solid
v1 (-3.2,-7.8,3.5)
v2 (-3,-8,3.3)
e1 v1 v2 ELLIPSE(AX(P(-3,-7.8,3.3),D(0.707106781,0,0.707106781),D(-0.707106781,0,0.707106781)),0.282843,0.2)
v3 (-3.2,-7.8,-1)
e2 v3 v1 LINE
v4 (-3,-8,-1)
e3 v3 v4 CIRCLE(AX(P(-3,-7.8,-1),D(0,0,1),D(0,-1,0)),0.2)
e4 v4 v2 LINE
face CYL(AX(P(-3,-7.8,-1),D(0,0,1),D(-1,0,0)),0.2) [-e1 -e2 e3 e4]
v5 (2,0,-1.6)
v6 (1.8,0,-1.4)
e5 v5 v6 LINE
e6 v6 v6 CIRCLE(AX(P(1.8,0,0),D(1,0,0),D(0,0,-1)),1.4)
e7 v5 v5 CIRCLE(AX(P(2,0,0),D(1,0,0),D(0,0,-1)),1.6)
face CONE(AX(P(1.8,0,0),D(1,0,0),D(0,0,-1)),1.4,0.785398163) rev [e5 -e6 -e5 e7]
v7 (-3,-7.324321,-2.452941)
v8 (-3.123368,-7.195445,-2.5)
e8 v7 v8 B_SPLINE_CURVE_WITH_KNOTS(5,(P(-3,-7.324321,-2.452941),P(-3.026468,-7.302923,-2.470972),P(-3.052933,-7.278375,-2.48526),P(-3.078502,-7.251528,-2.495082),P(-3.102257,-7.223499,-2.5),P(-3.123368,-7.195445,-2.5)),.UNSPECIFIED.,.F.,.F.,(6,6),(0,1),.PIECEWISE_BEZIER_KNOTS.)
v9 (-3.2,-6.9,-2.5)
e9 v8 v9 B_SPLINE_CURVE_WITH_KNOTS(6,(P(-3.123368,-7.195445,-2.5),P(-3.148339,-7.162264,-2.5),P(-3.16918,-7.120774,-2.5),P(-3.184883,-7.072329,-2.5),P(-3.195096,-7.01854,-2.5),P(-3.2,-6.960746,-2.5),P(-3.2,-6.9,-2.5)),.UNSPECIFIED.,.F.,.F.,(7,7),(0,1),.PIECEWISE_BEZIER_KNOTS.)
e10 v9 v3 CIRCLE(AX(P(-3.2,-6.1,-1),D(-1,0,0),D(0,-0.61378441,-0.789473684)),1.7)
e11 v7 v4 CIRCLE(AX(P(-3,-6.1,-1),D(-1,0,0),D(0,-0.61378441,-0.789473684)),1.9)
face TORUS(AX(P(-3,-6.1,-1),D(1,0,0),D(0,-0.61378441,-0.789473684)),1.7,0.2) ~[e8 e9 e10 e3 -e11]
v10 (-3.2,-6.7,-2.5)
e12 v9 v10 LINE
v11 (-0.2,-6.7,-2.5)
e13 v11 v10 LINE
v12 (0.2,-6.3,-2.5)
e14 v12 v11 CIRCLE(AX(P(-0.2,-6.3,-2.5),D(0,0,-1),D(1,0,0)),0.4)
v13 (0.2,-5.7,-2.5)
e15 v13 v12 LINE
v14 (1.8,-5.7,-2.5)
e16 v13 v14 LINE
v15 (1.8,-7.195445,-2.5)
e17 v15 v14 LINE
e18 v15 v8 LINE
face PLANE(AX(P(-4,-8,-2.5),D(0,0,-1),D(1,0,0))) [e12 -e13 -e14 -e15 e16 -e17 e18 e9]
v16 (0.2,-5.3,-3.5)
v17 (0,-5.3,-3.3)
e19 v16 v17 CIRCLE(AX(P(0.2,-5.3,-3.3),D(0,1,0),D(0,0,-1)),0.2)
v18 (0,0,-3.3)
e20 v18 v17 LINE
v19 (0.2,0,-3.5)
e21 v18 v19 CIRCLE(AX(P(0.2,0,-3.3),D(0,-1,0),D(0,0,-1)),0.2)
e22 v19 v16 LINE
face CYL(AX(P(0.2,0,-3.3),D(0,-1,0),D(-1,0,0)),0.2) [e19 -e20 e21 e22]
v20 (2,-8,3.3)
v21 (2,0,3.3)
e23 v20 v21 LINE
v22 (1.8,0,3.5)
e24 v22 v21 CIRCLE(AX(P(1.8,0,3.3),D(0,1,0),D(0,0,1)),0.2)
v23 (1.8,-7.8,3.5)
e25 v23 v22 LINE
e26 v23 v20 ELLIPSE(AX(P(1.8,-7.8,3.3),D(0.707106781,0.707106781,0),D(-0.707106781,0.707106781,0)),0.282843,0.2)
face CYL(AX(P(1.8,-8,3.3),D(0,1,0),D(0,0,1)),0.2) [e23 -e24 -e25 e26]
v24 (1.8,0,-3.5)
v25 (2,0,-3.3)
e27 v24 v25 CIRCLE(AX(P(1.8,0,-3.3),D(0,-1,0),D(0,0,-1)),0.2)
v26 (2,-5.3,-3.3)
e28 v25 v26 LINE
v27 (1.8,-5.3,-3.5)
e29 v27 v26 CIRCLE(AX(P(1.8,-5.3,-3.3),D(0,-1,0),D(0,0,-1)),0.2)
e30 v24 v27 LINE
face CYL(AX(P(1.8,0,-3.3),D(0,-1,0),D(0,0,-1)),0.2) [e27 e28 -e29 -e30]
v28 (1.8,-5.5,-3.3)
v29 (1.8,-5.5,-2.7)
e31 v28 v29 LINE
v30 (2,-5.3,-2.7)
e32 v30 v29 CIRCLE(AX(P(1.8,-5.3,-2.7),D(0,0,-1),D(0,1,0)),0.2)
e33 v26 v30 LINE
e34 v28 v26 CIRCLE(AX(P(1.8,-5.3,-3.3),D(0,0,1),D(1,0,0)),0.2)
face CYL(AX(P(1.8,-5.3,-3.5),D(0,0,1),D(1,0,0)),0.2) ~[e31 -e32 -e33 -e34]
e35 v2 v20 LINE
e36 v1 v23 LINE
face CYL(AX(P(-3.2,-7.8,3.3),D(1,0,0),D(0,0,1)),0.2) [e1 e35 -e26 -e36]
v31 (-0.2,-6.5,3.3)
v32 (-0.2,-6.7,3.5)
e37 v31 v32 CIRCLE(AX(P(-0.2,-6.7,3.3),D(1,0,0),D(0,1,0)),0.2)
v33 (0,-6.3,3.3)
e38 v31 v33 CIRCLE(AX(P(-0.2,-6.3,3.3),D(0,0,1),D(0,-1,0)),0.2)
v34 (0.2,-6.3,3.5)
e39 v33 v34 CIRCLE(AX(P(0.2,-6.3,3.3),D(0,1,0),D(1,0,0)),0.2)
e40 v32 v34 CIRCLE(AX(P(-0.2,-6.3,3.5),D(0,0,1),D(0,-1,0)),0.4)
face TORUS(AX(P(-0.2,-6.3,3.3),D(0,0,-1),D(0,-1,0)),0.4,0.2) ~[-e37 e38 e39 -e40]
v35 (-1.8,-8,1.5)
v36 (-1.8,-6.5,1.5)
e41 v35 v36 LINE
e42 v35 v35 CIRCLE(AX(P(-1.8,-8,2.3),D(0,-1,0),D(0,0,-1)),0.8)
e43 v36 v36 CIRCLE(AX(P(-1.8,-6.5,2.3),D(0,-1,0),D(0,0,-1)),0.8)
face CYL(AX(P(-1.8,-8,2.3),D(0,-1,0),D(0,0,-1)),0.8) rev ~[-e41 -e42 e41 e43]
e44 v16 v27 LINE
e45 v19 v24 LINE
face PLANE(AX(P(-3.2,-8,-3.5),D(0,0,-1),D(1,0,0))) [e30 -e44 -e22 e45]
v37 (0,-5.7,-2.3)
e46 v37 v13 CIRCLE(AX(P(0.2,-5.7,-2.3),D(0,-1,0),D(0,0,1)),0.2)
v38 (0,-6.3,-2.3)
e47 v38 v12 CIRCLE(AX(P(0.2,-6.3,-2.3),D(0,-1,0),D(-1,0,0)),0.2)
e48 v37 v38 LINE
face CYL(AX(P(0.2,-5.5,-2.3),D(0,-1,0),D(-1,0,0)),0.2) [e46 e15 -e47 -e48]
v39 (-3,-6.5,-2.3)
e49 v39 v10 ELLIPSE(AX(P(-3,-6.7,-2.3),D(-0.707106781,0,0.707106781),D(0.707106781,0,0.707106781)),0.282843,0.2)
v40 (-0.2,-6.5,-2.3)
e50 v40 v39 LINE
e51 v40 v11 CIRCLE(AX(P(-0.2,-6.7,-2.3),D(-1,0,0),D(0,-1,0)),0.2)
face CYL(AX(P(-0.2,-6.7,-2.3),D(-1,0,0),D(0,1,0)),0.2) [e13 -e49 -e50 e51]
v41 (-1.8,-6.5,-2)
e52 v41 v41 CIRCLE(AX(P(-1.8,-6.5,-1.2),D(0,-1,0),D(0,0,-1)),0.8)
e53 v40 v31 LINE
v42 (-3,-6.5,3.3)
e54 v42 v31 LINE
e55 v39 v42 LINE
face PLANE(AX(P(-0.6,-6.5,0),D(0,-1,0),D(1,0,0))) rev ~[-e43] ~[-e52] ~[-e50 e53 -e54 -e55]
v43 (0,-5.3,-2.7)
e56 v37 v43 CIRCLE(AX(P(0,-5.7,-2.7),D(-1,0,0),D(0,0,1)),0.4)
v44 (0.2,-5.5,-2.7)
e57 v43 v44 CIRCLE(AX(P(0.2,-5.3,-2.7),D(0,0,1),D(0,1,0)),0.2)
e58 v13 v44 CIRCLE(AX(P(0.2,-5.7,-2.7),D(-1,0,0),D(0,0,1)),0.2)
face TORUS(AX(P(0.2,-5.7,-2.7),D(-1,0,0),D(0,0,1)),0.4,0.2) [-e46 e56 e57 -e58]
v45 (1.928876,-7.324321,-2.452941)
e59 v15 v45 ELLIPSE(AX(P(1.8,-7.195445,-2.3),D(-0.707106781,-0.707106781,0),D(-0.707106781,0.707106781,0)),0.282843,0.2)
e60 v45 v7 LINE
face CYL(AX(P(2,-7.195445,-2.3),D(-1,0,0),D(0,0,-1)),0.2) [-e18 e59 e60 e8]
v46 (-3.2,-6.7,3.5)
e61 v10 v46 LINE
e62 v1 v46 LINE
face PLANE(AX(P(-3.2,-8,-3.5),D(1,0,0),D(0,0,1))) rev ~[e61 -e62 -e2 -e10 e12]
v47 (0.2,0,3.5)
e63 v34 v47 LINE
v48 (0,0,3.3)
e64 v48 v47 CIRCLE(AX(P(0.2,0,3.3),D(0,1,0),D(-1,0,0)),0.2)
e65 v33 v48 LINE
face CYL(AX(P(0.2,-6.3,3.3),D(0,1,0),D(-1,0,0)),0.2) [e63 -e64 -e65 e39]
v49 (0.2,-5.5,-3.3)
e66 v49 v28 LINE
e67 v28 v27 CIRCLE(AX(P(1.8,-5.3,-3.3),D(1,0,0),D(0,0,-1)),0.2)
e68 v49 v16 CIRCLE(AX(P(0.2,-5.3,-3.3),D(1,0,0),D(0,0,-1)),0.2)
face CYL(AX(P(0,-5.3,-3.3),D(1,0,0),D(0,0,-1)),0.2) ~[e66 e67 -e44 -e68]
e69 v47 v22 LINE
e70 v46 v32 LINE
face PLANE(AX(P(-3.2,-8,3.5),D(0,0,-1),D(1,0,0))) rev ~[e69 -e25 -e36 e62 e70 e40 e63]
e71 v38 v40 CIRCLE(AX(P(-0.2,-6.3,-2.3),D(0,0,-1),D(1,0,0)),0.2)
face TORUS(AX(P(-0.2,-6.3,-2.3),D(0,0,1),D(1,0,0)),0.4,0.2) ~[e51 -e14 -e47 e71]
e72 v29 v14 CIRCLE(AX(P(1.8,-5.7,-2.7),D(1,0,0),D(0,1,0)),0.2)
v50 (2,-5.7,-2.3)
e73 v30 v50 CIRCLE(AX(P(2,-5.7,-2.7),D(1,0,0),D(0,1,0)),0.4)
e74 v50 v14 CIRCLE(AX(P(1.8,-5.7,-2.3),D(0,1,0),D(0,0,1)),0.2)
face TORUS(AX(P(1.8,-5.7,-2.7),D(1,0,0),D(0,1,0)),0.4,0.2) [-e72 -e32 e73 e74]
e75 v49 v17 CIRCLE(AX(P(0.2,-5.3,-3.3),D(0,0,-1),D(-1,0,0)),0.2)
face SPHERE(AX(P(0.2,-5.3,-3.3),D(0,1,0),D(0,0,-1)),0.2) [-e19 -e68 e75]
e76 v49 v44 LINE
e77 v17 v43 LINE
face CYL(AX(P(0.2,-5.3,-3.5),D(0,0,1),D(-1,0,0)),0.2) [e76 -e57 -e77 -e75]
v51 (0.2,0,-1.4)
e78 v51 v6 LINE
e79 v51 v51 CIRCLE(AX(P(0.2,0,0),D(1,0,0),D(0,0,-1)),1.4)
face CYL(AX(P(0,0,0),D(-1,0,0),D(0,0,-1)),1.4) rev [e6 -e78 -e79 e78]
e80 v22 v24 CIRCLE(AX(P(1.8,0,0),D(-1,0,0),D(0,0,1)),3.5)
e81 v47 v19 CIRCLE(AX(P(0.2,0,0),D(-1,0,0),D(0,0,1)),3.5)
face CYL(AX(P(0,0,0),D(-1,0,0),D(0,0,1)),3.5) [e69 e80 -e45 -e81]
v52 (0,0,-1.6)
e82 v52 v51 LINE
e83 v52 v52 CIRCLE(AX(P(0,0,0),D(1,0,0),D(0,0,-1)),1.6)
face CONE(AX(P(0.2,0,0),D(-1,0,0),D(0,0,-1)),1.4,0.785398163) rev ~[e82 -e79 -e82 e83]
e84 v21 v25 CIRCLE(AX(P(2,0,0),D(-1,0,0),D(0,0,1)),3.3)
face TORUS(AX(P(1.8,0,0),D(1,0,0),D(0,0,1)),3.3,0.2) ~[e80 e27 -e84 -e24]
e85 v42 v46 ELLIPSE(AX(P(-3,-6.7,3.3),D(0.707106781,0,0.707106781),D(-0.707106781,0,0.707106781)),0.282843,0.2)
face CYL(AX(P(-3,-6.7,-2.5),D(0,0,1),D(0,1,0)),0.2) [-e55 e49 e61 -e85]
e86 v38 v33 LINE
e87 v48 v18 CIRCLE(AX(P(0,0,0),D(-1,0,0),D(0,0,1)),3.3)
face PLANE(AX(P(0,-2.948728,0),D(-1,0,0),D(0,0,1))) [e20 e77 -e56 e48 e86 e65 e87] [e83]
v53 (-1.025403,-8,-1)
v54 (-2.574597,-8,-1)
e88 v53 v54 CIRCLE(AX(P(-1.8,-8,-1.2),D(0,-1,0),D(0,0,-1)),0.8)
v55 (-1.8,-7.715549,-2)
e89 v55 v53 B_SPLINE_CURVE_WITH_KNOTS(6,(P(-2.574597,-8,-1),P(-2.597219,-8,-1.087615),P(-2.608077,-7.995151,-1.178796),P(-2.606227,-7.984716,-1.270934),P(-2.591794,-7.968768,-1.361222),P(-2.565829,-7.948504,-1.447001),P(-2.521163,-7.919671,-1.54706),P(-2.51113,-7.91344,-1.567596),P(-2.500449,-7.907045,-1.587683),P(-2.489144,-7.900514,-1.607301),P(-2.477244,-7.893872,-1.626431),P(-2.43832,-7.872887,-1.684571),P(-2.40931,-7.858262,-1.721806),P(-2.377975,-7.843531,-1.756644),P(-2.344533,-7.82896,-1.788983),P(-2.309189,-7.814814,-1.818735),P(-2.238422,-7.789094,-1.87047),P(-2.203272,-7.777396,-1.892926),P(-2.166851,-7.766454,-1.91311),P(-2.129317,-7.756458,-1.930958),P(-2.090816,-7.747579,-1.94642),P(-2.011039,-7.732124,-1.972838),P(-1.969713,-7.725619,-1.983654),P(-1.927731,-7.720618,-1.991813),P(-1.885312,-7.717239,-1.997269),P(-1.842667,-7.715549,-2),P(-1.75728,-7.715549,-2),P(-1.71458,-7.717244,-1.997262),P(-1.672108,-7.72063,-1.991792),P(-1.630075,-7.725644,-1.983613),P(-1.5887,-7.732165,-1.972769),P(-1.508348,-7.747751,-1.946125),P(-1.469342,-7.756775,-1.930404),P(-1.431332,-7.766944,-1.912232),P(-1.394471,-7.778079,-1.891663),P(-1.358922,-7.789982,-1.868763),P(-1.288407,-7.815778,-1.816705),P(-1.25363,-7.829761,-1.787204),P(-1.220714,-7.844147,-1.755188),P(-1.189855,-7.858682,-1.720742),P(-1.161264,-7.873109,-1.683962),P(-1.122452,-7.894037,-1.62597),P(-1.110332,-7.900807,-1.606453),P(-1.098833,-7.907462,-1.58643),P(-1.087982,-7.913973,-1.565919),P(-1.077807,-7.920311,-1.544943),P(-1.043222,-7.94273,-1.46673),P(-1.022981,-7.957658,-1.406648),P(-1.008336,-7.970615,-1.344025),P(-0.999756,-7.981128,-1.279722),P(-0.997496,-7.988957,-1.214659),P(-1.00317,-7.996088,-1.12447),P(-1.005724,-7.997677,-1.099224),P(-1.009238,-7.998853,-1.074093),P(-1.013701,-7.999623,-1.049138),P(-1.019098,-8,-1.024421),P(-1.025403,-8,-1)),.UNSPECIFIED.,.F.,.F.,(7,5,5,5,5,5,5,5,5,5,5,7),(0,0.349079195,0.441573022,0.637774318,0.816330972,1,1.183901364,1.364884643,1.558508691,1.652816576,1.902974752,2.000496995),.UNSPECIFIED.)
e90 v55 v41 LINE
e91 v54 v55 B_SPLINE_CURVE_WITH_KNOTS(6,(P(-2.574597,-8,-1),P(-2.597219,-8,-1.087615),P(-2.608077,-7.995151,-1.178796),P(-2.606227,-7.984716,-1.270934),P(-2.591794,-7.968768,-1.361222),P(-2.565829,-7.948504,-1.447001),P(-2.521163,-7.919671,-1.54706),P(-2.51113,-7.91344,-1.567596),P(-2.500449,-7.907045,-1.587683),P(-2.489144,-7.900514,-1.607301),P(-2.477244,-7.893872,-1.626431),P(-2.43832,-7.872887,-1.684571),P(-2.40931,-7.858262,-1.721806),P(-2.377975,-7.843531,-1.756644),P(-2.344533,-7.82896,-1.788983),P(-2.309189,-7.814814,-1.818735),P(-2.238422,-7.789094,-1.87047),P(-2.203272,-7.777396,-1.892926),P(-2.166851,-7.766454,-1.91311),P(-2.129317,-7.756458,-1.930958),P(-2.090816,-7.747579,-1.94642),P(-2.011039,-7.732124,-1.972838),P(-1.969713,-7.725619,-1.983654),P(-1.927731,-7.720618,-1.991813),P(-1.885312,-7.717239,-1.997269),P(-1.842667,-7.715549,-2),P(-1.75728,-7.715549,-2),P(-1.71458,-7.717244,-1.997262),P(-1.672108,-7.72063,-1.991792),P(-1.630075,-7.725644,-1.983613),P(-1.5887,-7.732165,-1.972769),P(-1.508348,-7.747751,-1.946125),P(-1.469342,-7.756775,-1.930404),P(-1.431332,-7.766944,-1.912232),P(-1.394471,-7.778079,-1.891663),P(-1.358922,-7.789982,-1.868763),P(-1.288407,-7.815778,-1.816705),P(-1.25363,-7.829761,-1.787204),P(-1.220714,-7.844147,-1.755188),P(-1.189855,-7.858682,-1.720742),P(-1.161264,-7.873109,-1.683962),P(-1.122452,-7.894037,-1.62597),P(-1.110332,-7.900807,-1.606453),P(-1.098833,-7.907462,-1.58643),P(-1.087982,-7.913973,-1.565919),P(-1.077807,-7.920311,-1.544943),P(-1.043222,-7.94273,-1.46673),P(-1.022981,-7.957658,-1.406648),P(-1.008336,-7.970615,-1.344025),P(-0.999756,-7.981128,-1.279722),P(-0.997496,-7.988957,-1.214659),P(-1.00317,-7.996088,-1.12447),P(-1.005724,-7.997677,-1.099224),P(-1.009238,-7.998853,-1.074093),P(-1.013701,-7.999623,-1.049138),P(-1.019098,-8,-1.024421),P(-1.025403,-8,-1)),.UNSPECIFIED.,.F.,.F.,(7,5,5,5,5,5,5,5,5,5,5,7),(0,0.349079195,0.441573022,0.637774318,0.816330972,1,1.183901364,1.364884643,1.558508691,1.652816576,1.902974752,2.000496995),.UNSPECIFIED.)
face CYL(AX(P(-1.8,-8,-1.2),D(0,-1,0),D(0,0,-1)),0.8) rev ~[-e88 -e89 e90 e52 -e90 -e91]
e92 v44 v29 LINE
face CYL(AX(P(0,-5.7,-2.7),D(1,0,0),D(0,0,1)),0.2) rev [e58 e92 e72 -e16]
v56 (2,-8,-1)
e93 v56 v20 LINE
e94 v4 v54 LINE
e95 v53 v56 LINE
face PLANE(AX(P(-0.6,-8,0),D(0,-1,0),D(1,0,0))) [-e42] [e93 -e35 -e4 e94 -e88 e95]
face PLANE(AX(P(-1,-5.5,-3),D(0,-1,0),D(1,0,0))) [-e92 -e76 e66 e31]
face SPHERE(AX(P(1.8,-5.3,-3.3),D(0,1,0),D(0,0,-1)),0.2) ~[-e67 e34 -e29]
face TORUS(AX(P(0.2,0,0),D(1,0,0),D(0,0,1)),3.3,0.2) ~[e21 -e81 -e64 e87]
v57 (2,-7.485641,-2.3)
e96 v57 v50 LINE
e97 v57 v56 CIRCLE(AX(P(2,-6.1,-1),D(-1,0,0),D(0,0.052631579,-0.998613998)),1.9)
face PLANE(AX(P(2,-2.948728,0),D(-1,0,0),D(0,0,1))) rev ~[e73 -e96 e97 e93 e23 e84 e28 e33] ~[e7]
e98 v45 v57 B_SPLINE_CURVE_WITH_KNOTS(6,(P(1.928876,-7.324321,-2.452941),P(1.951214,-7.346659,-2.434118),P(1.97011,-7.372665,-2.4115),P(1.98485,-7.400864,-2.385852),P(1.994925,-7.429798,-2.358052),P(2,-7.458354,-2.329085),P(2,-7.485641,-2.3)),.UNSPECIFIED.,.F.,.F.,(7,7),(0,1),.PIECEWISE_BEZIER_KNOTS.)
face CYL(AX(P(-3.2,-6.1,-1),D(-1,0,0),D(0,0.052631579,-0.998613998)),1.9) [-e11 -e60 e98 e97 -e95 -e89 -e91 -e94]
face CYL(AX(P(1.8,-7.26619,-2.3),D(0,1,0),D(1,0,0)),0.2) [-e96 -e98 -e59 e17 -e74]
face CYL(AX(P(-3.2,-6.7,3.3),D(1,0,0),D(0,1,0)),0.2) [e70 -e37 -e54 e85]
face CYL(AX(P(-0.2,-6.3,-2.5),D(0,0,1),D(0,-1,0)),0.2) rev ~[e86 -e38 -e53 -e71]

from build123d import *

# Parameters (mm, degrees)
SKETCH_1_R          = 1.4
EXTRUDE_1_DEPTH     = 2
SKETCH_2_W          = 5.2
SKETCH_2_H          = 7
SKETCH_2_R          = 0.8
EXTRUDE_2_DEPTH     = 1.5
SKETCH_5_W          = 6
SKETCH_5_H          = 1
CUT_EXTRUDE_1_DEPTH = 2.5
CUT_EXTRUDE_2_REACH = 12.163
FILLET_1_R          = 0.2
FILLET_2_R          = 0.2
CHAMFER_1_SIZE      = 0.2


with BuildPart() as part:
    # 草图1 → 凸台-拉伸1 (new body)
    with BuildSketch(Plane(origin=(0, 0, 0), x_dir=(0, 0, -1), z_dir=(1, 0, 0))):
        with BuildLine():
            Line((3.5, 0), (3.5, -8))
            Line((3.5, -8), (-3.5, -8))
            Line((-3.5, -8), (-3.5, 0))
            ThreePointArc((-3.5, 0), (0, 3.5), (3.5, 0))
        make_face()
        Circle(SKETCH_1_R, mode=Mode.SUBTRACT)
    extrude(amount=EXTRUDE_1_DEPTH)

    # 草图2 → 凸台-拉伸2 (add)
    with BuildSketch(Plane.XZ.offset(8)):
        with Locations((-0.6, 0)):
            Rectangle(SKETCH_2_W, SKETCH_2_H)
        with Locations(Location((-1.8, -1.2, 0), (0, 0, 270))):
            Circle(SKETCH_2_R, mode=Mode.SUBTRACT)
        with Locations(Location((-1.8, 2.3, 0), (0, 0, 270))):
            Circle(SKETCH_2_R, mode=Mode.SUBTRACT)
    extrude(amount=-EXTRUDE_2_DEPTH)

    # 草图5 → 切除-拉伸1 (cut)
    with BuildSketch(Plane.XZ.offset(8)):
        with Locations((-1, -3)):
            Rectangle(SKETCH_5_W, SKETCH_5_H)
    extrude(amount=-CUT_EXTRUDE_1_DEPTH, mode=Mode.SUBTRACT)

    # 草图6 → 切除-拉伸2 (cut, up to next)
    with BuildSketch(Plane.ZY.offset(3.2), mode=Mode.PRIVATE) as cut_extrude_2_sk1:
        with BuildLine():
            Line((-1, -8.325127743), (-3.27705392, -8.325127743))
            Line((-3.27705392, -8.325127743), (-3.27705392, -6))
            Line((-3.27705392, -6), (-2.897366596, -6))
            ThreePointArc((-2.897366596, -6), (-2.378404875, -7.407669683), (-1, -8))
            Line((-1, -8), (-1, -8.325127743))
        make_face()
    cut_extrude_2_tool1 = extrude(cut_extrude_2_sk1.sketch, amount=-CUT_EXTRUDE_2_REACH, mode=Mode.PRIVATE) & part.part
    add(cut_extrude_2_tool1.solids().sort_by_distance((-3.2, -7.575754, -2.569334))[0], mode=Mode.SUBTRACT)

    # 圆角1
    fillet_1_edges = [part.edges().sort_by_distance(p)[0] for p in [
        (0, -6.5, 0.5),
    ]]
    fillet(fillet_1_edges, radius=FILLET_1_R)

    # 圆角2
    fillet_2_edges = [part.edges().sort_by_distance(p)[0] for p in [
        (2, 3.5, 0),
        (2, -4, 3.5),
        (-3.2, -8, 1.25),
        (-3.2, -6.5, 0.5),
        (0, -2.75, -3.5),
        (2, -2.75, -3.5),
        (0, -3.15, 3.5),
        (1, -5.5, -2.5),
        (0, -5.9, -2.5),
        (1, -5.5, -3.5),
        (0, 3.5, 0),
        (2, -5.5, -3),
        (2, -6.383095189, -2.5),
        (0, -5.5, -3),
        (-3.2, -7.806716397, -1.834936608),
        (-0.6, -7.266190379, -2.5),
        (-0.6, -8, 3.5),
        (-1.7, -6.5, -2.5),
        (-1.7, -6.5, 3.5),
        (-0.058578644, -6.441421356, -2.5),
        (-0.058578644, -6.441421356, 3.5),
    ]]
    fillet(fillet_2_edges, radius=FILLET_2_R)

    # 倒角1
    chamfer_1_edges = [part.edges().sort_by_distance(p)[0] for p in [
        (0, 0, 1.4),
        (2, 0, 1.4),
    ]]
    chamfer(chamfer_1_edges, length=CHAMFER_1_SIZE)


solid = part.part
